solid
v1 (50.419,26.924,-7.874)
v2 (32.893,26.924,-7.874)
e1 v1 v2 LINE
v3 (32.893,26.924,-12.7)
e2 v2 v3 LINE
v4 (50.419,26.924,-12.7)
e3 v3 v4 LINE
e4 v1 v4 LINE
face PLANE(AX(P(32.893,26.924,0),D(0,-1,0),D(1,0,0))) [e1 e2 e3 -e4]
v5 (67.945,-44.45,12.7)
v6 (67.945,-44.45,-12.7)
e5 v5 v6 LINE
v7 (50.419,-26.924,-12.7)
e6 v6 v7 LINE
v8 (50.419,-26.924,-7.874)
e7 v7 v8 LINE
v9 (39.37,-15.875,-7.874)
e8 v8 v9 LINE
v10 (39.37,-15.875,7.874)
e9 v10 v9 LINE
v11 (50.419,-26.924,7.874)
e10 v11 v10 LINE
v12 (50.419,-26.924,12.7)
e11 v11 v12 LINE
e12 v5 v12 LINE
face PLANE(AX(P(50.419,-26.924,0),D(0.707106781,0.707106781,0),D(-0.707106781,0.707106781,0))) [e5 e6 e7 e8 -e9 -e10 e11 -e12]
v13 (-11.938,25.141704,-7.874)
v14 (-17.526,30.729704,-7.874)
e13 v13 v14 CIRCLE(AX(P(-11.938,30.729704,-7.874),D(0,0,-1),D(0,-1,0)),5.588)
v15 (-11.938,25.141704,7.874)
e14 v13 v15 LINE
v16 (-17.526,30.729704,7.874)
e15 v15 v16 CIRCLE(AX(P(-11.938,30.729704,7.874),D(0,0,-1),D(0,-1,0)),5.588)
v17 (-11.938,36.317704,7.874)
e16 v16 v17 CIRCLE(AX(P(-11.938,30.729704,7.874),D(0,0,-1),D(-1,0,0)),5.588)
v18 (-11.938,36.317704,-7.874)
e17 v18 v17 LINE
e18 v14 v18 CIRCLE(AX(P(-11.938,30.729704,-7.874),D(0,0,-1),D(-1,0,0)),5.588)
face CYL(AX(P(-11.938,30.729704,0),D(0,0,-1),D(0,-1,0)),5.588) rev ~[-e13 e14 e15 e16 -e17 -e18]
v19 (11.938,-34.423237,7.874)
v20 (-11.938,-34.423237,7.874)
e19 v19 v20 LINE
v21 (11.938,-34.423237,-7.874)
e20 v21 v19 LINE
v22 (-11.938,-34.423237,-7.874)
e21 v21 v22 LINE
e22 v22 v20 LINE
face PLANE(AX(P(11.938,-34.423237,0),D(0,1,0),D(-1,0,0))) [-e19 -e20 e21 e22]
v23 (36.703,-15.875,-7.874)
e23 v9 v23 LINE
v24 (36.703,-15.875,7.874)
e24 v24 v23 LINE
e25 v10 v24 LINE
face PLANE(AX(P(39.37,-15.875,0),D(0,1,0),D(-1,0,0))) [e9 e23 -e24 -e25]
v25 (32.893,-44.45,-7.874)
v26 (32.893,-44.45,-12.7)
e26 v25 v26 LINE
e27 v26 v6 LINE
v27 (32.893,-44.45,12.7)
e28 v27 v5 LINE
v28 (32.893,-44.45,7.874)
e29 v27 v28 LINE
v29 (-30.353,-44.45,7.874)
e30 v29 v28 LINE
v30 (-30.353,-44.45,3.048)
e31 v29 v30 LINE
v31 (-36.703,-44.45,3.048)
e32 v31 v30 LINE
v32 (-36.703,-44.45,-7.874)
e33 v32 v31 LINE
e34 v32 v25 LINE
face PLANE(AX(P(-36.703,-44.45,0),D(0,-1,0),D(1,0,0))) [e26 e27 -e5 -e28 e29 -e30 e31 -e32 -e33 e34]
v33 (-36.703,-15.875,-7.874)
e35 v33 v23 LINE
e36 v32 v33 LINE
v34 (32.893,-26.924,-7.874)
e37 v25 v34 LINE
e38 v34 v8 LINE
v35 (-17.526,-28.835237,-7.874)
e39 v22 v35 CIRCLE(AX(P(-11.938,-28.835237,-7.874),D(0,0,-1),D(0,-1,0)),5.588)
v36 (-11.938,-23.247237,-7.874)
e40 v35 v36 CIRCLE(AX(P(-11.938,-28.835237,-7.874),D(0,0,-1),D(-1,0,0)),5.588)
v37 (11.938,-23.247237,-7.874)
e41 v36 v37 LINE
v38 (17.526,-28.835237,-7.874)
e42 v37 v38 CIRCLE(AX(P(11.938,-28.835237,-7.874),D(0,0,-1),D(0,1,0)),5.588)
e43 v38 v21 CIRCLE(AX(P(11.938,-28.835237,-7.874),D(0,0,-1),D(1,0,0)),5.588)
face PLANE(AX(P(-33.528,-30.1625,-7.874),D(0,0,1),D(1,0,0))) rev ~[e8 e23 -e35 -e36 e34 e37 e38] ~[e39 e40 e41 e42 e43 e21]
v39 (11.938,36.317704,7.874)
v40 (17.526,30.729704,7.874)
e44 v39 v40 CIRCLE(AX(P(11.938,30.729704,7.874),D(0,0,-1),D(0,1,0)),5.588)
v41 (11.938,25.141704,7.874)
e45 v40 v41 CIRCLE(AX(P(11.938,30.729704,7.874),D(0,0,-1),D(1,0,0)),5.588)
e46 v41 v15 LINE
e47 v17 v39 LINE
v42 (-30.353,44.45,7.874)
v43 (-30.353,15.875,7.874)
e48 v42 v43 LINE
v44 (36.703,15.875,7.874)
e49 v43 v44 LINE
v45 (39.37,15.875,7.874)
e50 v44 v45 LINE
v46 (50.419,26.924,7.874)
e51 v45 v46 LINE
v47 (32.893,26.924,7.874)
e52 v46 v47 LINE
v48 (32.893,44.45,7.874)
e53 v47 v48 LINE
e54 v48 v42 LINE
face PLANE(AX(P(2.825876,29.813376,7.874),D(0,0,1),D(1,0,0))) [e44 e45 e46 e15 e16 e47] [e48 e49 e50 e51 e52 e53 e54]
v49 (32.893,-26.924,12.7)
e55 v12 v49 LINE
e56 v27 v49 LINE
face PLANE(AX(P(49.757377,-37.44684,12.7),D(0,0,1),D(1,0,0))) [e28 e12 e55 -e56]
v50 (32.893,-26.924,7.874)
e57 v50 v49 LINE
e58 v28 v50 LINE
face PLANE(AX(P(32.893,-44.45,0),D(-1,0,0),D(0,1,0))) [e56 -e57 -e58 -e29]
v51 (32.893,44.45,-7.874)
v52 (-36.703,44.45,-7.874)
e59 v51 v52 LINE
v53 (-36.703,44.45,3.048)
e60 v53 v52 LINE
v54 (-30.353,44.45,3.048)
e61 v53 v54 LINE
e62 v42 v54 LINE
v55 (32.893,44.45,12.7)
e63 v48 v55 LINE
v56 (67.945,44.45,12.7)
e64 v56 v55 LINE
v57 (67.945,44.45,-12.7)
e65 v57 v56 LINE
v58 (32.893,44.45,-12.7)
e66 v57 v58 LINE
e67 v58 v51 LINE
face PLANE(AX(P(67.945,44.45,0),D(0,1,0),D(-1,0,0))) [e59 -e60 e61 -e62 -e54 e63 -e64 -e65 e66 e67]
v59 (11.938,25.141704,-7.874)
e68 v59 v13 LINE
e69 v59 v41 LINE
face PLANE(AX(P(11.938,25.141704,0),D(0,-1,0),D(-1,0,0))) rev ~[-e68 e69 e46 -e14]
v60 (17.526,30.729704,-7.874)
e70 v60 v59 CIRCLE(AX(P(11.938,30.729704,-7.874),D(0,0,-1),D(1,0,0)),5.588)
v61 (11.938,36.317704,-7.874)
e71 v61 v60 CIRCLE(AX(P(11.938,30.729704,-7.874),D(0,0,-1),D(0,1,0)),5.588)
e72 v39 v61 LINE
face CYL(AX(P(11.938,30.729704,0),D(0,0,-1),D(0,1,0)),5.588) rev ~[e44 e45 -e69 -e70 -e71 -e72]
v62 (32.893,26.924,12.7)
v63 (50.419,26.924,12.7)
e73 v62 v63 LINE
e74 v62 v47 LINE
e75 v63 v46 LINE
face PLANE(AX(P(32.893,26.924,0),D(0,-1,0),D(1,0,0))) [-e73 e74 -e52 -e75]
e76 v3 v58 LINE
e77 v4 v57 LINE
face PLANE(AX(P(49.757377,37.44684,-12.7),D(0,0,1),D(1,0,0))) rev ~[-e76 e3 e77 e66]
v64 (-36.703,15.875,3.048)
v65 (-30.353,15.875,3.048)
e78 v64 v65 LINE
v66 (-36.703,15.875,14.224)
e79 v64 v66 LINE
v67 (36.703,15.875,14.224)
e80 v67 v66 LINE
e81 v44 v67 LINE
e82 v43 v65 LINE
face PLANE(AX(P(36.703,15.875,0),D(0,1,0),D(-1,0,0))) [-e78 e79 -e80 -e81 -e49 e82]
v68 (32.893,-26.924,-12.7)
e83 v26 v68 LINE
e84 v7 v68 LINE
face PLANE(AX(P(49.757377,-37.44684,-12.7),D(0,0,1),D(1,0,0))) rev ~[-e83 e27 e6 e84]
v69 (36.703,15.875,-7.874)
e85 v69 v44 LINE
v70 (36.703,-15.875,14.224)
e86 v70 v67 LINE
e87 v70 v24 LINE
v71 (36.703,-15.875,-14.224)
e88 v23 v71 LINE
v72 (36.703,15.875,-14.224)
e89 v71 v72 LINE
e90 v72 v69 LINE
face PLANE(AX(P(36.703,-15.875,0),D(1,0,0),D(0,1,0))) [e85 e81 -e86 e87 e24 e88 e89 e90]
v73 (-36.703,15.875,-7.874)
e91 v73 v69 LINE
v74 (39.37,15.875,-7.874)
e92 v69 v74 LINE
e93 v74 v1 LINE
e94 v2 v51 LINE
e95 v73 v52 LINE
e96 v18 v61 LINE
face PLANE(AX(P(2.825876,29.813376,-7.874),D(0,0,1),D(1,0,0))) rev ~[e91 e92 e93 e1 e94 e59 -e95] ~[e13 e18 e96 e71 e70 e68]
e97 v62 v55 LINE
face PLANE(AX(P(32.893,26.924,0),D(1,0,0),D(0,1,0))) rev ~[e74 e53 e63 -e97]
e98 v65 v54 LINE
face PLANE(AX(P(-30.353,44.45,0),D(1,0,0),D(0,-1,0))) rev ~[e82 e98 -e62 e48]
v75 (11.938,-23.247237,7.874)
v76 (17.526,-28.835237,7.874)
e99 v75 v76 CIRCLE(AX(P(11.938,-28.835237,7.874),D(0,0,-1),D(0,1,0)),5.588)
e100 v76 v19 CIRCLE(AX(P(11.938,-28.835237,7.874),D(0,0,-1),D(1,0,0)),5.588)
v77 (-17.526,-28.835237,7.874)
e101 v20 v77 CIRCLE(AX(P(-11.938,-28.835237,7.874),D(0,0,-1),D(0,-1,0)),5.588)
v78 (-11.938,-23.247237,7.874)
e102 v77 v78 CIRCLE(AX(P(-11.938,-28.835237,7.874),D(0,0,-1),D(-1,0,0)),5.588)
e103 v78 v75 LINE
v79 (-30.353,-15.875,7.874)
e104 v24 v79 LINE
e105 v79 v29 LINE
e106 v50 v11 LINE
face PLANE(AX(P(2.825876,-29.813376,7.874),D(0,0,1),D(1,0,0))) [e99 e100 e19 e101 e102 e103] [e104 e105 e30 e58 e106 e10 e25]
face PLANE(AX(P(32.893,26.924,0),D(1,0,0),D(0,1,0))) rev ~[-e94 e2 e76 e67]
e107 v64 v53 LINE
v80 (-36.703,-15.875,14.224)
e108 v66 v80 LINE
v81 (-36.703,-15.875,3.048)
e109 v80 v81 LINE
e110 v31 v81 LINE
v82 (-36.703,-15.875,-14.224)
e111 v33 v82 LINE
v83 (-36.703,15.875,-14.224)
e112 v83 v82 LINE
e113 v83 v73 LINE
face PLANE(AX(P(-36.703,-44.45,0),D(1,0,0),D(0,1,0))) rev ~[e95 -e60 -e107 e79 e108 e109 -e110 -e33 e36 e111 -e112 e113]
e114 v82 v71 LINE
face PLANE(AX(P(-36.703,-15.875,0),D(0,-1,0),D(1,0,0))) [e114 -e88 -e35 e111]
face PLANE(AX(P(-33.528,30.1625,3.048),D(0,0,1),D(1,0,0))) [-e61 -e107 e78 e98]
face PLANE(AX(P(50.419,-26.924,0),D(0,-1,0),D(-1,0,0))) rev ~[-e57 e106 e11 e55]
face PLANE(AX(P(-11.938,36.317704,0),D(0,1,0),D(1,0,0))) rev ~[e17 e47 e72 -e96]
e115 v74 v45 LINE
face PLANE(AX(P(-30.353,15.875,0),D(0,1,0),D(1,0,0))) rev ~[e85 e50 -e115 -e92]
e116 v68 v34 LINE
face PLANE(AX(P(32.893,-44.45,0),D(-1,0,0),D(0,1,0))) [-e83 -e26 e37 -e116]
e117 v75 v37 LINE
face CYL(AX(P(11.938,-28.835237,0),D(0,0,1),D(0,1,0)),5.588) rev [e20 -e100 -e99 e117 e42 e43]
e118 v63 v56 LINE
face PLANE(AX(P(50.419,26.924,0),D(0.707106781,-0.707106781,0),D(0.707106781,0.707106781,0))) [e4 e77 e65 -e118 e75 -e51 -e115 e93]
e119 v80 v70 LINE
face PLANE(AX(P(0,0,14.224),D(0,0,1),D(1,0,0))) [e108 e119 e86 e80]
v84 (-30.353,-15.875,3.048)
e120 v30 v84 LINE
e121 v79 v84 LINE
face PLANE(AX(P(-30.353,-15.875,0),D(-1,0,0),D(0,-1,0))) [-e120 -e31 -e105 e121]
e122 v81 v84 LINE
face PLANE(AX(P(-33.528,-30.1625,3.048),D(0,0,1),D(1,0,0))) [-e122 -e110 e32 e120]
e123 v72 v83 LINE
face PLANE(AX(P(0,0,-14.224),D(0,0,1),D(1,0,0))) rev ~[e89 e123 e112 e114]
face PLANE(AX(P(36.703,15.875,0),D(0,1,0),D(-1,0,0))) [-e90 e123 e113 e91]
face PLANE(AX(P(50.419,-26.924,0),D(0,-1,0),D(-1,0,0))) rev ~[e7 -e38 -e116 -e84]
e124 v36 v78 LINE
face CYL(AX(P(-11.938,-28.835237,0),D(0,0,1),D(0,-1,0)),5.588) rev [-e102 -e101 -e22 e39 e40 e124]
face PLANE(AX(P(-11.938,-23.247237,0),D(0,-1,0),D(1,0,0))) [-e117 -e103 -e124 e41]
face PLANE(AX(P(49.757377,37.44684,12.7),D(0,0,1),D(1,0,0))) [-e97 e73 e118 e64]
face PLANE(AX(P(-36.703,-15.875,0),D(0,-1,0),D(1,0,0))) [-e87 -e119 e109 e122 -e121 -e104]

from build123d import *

# Parameters (mm, degrees)
F1_DEPTH = 14.224
F2_DEPTH = 7.874
F0_W     = 6.35
F0_H     = 28.575
F3_DEPTH = 3.048
F4_DEPTH = 7.874
F0_W_2   = 3.81
F0_H_2   = 17.526
F5_DEPTH = 12.7


with BuildPart() as f1:
    # F0 (on Top) → F1 (new body, symmetric)
    with BuildSketch(Plane.XY):
        Polygon((-30.353, -15.875), (36.703, -15.875), (36.703, 15.875), (-30.353, 15.875), (-36.703, 15.875), (-36.703, -15.875), align=None)
    extrude(amount=F1_DEPTH, both=True)

    # F0 (on Top) → F2 (join, symmetric)
    with BuildSketch(Plane.XY):
        Polygon((-30.353, 15.875), (36.703, 15.875), (36.703, 26.924), (32.893, 26.924), (32.893, 44.45), (-30.353, 44.45), align=None)
        with BuildLine():
            ThreePointArc((17.526, 30.7297036052), (15.8893126933, 26.7783909119), (11.938, 25.1417036052))
            Line((11.938, 25.1417036052), (-11.938, 25.1417036052))
            ThreePointArc((-11.938, 25.1417036052), (-15.8893126933, 26.7783909119), (-17.526, 30.7297036052))
            ThreePointArc((-17.526, 30.7297036052), (-15.8893126933, 34.6810162984), (-11.938, 36.3177036052))
            Line((-11.938, 36.3177036052), (11.938, 36.3177036052))
            ThreePointArc((11.938, 36.3177036052), (15.8893126933, 34.6810162984), (17.526, 30.7297036052))
        make_face(mode=Mode.SUBTRACT)
        Polygon((-30.353, -44.45), (32.893, -44.45), (32.893, -26.924), (36.703, -26.924), (36.703, -15.875), (-30.353, -15.875), align=None)
        with BuildLine():
            ThreePointArc((17.526, -28.8352370262), (15.8893126933, -32.7865497195), (11.938, -34.4232370262))
            Line((11.938, -34.4232370262), (-11.938, -34.4232370262))
            ThreePointArc((-11.938, -34.4232370262), (-15.8893126933, -32.7865497195), (-17.526, -28.8352370262))
            ThreePointArc((-17.526, -28.8352370262), (-15.8893126933, -24.8839243329), (-11.938, -23.2472370262))
            Line((-11.938, -23.2472370262), (11.938, -23.2472370262))
            ThreePointArc((11.938, -23.2472370262), (15.8893126933, -24.8839243329), (17.526, -28.8352370262))
        make_face(mode=Mode.SUBTRACT)
        Polygon((36.703, 26.924), (36.703, 15.875), (39.37, 15.875), (50.419, 26.924), align=None)
        Polygon((36.703, -15.875), (36.703, -26.924), (50.419, -26.924), (39.37, -15.875), align=None)
    extrude(amount=F2_DEPTH, both=True)

    # F0 (on Top) → F3 (join)
    with BuildSketch(Plane.XY):
        with Locations((-33.528, 30.1625)):
            Rectangle(F0_W, F0_H)
        with Locations((-33.528, -30.1625)):
            Rectangle(F0_W, F0_H)
    extrude(amount=F3_DEPTH)

    # F0 (on Top) → F4 (join, through all)
    with BuildSketch(Plane.XY):
        with Locations((-33.528, -30.1625)):
            Rectangle(F0_W, F0_H)
        with Locations((-33.528, 30.1625)):
            Rectangle(F0_W, F0_H)
    extrude(amount=-F4_DEPTH)

    # F0 (on Top) → F5 (join, symmetric)
    with BuildSketch(Plane.XY):
        Polygon((36.703, -26.924), (36.703, -44.45), (67.945, -44.45), (50.419, -26.924), align=None)
        with Locations((34.798, -35.687)):
            Rectangle(F0_W_2, F0_H_2)
        Polygon((36.703, 44.45), (36.703, 26.924), (50.419, 26.924), (67.945, 44.45), align=None)
        with Locations((34.798, 35.687)):
            Rectangle(F0_W_2, F0_H_2)
    extrude(amount=F5_DEPTH, both=True)


solid = f1.part
